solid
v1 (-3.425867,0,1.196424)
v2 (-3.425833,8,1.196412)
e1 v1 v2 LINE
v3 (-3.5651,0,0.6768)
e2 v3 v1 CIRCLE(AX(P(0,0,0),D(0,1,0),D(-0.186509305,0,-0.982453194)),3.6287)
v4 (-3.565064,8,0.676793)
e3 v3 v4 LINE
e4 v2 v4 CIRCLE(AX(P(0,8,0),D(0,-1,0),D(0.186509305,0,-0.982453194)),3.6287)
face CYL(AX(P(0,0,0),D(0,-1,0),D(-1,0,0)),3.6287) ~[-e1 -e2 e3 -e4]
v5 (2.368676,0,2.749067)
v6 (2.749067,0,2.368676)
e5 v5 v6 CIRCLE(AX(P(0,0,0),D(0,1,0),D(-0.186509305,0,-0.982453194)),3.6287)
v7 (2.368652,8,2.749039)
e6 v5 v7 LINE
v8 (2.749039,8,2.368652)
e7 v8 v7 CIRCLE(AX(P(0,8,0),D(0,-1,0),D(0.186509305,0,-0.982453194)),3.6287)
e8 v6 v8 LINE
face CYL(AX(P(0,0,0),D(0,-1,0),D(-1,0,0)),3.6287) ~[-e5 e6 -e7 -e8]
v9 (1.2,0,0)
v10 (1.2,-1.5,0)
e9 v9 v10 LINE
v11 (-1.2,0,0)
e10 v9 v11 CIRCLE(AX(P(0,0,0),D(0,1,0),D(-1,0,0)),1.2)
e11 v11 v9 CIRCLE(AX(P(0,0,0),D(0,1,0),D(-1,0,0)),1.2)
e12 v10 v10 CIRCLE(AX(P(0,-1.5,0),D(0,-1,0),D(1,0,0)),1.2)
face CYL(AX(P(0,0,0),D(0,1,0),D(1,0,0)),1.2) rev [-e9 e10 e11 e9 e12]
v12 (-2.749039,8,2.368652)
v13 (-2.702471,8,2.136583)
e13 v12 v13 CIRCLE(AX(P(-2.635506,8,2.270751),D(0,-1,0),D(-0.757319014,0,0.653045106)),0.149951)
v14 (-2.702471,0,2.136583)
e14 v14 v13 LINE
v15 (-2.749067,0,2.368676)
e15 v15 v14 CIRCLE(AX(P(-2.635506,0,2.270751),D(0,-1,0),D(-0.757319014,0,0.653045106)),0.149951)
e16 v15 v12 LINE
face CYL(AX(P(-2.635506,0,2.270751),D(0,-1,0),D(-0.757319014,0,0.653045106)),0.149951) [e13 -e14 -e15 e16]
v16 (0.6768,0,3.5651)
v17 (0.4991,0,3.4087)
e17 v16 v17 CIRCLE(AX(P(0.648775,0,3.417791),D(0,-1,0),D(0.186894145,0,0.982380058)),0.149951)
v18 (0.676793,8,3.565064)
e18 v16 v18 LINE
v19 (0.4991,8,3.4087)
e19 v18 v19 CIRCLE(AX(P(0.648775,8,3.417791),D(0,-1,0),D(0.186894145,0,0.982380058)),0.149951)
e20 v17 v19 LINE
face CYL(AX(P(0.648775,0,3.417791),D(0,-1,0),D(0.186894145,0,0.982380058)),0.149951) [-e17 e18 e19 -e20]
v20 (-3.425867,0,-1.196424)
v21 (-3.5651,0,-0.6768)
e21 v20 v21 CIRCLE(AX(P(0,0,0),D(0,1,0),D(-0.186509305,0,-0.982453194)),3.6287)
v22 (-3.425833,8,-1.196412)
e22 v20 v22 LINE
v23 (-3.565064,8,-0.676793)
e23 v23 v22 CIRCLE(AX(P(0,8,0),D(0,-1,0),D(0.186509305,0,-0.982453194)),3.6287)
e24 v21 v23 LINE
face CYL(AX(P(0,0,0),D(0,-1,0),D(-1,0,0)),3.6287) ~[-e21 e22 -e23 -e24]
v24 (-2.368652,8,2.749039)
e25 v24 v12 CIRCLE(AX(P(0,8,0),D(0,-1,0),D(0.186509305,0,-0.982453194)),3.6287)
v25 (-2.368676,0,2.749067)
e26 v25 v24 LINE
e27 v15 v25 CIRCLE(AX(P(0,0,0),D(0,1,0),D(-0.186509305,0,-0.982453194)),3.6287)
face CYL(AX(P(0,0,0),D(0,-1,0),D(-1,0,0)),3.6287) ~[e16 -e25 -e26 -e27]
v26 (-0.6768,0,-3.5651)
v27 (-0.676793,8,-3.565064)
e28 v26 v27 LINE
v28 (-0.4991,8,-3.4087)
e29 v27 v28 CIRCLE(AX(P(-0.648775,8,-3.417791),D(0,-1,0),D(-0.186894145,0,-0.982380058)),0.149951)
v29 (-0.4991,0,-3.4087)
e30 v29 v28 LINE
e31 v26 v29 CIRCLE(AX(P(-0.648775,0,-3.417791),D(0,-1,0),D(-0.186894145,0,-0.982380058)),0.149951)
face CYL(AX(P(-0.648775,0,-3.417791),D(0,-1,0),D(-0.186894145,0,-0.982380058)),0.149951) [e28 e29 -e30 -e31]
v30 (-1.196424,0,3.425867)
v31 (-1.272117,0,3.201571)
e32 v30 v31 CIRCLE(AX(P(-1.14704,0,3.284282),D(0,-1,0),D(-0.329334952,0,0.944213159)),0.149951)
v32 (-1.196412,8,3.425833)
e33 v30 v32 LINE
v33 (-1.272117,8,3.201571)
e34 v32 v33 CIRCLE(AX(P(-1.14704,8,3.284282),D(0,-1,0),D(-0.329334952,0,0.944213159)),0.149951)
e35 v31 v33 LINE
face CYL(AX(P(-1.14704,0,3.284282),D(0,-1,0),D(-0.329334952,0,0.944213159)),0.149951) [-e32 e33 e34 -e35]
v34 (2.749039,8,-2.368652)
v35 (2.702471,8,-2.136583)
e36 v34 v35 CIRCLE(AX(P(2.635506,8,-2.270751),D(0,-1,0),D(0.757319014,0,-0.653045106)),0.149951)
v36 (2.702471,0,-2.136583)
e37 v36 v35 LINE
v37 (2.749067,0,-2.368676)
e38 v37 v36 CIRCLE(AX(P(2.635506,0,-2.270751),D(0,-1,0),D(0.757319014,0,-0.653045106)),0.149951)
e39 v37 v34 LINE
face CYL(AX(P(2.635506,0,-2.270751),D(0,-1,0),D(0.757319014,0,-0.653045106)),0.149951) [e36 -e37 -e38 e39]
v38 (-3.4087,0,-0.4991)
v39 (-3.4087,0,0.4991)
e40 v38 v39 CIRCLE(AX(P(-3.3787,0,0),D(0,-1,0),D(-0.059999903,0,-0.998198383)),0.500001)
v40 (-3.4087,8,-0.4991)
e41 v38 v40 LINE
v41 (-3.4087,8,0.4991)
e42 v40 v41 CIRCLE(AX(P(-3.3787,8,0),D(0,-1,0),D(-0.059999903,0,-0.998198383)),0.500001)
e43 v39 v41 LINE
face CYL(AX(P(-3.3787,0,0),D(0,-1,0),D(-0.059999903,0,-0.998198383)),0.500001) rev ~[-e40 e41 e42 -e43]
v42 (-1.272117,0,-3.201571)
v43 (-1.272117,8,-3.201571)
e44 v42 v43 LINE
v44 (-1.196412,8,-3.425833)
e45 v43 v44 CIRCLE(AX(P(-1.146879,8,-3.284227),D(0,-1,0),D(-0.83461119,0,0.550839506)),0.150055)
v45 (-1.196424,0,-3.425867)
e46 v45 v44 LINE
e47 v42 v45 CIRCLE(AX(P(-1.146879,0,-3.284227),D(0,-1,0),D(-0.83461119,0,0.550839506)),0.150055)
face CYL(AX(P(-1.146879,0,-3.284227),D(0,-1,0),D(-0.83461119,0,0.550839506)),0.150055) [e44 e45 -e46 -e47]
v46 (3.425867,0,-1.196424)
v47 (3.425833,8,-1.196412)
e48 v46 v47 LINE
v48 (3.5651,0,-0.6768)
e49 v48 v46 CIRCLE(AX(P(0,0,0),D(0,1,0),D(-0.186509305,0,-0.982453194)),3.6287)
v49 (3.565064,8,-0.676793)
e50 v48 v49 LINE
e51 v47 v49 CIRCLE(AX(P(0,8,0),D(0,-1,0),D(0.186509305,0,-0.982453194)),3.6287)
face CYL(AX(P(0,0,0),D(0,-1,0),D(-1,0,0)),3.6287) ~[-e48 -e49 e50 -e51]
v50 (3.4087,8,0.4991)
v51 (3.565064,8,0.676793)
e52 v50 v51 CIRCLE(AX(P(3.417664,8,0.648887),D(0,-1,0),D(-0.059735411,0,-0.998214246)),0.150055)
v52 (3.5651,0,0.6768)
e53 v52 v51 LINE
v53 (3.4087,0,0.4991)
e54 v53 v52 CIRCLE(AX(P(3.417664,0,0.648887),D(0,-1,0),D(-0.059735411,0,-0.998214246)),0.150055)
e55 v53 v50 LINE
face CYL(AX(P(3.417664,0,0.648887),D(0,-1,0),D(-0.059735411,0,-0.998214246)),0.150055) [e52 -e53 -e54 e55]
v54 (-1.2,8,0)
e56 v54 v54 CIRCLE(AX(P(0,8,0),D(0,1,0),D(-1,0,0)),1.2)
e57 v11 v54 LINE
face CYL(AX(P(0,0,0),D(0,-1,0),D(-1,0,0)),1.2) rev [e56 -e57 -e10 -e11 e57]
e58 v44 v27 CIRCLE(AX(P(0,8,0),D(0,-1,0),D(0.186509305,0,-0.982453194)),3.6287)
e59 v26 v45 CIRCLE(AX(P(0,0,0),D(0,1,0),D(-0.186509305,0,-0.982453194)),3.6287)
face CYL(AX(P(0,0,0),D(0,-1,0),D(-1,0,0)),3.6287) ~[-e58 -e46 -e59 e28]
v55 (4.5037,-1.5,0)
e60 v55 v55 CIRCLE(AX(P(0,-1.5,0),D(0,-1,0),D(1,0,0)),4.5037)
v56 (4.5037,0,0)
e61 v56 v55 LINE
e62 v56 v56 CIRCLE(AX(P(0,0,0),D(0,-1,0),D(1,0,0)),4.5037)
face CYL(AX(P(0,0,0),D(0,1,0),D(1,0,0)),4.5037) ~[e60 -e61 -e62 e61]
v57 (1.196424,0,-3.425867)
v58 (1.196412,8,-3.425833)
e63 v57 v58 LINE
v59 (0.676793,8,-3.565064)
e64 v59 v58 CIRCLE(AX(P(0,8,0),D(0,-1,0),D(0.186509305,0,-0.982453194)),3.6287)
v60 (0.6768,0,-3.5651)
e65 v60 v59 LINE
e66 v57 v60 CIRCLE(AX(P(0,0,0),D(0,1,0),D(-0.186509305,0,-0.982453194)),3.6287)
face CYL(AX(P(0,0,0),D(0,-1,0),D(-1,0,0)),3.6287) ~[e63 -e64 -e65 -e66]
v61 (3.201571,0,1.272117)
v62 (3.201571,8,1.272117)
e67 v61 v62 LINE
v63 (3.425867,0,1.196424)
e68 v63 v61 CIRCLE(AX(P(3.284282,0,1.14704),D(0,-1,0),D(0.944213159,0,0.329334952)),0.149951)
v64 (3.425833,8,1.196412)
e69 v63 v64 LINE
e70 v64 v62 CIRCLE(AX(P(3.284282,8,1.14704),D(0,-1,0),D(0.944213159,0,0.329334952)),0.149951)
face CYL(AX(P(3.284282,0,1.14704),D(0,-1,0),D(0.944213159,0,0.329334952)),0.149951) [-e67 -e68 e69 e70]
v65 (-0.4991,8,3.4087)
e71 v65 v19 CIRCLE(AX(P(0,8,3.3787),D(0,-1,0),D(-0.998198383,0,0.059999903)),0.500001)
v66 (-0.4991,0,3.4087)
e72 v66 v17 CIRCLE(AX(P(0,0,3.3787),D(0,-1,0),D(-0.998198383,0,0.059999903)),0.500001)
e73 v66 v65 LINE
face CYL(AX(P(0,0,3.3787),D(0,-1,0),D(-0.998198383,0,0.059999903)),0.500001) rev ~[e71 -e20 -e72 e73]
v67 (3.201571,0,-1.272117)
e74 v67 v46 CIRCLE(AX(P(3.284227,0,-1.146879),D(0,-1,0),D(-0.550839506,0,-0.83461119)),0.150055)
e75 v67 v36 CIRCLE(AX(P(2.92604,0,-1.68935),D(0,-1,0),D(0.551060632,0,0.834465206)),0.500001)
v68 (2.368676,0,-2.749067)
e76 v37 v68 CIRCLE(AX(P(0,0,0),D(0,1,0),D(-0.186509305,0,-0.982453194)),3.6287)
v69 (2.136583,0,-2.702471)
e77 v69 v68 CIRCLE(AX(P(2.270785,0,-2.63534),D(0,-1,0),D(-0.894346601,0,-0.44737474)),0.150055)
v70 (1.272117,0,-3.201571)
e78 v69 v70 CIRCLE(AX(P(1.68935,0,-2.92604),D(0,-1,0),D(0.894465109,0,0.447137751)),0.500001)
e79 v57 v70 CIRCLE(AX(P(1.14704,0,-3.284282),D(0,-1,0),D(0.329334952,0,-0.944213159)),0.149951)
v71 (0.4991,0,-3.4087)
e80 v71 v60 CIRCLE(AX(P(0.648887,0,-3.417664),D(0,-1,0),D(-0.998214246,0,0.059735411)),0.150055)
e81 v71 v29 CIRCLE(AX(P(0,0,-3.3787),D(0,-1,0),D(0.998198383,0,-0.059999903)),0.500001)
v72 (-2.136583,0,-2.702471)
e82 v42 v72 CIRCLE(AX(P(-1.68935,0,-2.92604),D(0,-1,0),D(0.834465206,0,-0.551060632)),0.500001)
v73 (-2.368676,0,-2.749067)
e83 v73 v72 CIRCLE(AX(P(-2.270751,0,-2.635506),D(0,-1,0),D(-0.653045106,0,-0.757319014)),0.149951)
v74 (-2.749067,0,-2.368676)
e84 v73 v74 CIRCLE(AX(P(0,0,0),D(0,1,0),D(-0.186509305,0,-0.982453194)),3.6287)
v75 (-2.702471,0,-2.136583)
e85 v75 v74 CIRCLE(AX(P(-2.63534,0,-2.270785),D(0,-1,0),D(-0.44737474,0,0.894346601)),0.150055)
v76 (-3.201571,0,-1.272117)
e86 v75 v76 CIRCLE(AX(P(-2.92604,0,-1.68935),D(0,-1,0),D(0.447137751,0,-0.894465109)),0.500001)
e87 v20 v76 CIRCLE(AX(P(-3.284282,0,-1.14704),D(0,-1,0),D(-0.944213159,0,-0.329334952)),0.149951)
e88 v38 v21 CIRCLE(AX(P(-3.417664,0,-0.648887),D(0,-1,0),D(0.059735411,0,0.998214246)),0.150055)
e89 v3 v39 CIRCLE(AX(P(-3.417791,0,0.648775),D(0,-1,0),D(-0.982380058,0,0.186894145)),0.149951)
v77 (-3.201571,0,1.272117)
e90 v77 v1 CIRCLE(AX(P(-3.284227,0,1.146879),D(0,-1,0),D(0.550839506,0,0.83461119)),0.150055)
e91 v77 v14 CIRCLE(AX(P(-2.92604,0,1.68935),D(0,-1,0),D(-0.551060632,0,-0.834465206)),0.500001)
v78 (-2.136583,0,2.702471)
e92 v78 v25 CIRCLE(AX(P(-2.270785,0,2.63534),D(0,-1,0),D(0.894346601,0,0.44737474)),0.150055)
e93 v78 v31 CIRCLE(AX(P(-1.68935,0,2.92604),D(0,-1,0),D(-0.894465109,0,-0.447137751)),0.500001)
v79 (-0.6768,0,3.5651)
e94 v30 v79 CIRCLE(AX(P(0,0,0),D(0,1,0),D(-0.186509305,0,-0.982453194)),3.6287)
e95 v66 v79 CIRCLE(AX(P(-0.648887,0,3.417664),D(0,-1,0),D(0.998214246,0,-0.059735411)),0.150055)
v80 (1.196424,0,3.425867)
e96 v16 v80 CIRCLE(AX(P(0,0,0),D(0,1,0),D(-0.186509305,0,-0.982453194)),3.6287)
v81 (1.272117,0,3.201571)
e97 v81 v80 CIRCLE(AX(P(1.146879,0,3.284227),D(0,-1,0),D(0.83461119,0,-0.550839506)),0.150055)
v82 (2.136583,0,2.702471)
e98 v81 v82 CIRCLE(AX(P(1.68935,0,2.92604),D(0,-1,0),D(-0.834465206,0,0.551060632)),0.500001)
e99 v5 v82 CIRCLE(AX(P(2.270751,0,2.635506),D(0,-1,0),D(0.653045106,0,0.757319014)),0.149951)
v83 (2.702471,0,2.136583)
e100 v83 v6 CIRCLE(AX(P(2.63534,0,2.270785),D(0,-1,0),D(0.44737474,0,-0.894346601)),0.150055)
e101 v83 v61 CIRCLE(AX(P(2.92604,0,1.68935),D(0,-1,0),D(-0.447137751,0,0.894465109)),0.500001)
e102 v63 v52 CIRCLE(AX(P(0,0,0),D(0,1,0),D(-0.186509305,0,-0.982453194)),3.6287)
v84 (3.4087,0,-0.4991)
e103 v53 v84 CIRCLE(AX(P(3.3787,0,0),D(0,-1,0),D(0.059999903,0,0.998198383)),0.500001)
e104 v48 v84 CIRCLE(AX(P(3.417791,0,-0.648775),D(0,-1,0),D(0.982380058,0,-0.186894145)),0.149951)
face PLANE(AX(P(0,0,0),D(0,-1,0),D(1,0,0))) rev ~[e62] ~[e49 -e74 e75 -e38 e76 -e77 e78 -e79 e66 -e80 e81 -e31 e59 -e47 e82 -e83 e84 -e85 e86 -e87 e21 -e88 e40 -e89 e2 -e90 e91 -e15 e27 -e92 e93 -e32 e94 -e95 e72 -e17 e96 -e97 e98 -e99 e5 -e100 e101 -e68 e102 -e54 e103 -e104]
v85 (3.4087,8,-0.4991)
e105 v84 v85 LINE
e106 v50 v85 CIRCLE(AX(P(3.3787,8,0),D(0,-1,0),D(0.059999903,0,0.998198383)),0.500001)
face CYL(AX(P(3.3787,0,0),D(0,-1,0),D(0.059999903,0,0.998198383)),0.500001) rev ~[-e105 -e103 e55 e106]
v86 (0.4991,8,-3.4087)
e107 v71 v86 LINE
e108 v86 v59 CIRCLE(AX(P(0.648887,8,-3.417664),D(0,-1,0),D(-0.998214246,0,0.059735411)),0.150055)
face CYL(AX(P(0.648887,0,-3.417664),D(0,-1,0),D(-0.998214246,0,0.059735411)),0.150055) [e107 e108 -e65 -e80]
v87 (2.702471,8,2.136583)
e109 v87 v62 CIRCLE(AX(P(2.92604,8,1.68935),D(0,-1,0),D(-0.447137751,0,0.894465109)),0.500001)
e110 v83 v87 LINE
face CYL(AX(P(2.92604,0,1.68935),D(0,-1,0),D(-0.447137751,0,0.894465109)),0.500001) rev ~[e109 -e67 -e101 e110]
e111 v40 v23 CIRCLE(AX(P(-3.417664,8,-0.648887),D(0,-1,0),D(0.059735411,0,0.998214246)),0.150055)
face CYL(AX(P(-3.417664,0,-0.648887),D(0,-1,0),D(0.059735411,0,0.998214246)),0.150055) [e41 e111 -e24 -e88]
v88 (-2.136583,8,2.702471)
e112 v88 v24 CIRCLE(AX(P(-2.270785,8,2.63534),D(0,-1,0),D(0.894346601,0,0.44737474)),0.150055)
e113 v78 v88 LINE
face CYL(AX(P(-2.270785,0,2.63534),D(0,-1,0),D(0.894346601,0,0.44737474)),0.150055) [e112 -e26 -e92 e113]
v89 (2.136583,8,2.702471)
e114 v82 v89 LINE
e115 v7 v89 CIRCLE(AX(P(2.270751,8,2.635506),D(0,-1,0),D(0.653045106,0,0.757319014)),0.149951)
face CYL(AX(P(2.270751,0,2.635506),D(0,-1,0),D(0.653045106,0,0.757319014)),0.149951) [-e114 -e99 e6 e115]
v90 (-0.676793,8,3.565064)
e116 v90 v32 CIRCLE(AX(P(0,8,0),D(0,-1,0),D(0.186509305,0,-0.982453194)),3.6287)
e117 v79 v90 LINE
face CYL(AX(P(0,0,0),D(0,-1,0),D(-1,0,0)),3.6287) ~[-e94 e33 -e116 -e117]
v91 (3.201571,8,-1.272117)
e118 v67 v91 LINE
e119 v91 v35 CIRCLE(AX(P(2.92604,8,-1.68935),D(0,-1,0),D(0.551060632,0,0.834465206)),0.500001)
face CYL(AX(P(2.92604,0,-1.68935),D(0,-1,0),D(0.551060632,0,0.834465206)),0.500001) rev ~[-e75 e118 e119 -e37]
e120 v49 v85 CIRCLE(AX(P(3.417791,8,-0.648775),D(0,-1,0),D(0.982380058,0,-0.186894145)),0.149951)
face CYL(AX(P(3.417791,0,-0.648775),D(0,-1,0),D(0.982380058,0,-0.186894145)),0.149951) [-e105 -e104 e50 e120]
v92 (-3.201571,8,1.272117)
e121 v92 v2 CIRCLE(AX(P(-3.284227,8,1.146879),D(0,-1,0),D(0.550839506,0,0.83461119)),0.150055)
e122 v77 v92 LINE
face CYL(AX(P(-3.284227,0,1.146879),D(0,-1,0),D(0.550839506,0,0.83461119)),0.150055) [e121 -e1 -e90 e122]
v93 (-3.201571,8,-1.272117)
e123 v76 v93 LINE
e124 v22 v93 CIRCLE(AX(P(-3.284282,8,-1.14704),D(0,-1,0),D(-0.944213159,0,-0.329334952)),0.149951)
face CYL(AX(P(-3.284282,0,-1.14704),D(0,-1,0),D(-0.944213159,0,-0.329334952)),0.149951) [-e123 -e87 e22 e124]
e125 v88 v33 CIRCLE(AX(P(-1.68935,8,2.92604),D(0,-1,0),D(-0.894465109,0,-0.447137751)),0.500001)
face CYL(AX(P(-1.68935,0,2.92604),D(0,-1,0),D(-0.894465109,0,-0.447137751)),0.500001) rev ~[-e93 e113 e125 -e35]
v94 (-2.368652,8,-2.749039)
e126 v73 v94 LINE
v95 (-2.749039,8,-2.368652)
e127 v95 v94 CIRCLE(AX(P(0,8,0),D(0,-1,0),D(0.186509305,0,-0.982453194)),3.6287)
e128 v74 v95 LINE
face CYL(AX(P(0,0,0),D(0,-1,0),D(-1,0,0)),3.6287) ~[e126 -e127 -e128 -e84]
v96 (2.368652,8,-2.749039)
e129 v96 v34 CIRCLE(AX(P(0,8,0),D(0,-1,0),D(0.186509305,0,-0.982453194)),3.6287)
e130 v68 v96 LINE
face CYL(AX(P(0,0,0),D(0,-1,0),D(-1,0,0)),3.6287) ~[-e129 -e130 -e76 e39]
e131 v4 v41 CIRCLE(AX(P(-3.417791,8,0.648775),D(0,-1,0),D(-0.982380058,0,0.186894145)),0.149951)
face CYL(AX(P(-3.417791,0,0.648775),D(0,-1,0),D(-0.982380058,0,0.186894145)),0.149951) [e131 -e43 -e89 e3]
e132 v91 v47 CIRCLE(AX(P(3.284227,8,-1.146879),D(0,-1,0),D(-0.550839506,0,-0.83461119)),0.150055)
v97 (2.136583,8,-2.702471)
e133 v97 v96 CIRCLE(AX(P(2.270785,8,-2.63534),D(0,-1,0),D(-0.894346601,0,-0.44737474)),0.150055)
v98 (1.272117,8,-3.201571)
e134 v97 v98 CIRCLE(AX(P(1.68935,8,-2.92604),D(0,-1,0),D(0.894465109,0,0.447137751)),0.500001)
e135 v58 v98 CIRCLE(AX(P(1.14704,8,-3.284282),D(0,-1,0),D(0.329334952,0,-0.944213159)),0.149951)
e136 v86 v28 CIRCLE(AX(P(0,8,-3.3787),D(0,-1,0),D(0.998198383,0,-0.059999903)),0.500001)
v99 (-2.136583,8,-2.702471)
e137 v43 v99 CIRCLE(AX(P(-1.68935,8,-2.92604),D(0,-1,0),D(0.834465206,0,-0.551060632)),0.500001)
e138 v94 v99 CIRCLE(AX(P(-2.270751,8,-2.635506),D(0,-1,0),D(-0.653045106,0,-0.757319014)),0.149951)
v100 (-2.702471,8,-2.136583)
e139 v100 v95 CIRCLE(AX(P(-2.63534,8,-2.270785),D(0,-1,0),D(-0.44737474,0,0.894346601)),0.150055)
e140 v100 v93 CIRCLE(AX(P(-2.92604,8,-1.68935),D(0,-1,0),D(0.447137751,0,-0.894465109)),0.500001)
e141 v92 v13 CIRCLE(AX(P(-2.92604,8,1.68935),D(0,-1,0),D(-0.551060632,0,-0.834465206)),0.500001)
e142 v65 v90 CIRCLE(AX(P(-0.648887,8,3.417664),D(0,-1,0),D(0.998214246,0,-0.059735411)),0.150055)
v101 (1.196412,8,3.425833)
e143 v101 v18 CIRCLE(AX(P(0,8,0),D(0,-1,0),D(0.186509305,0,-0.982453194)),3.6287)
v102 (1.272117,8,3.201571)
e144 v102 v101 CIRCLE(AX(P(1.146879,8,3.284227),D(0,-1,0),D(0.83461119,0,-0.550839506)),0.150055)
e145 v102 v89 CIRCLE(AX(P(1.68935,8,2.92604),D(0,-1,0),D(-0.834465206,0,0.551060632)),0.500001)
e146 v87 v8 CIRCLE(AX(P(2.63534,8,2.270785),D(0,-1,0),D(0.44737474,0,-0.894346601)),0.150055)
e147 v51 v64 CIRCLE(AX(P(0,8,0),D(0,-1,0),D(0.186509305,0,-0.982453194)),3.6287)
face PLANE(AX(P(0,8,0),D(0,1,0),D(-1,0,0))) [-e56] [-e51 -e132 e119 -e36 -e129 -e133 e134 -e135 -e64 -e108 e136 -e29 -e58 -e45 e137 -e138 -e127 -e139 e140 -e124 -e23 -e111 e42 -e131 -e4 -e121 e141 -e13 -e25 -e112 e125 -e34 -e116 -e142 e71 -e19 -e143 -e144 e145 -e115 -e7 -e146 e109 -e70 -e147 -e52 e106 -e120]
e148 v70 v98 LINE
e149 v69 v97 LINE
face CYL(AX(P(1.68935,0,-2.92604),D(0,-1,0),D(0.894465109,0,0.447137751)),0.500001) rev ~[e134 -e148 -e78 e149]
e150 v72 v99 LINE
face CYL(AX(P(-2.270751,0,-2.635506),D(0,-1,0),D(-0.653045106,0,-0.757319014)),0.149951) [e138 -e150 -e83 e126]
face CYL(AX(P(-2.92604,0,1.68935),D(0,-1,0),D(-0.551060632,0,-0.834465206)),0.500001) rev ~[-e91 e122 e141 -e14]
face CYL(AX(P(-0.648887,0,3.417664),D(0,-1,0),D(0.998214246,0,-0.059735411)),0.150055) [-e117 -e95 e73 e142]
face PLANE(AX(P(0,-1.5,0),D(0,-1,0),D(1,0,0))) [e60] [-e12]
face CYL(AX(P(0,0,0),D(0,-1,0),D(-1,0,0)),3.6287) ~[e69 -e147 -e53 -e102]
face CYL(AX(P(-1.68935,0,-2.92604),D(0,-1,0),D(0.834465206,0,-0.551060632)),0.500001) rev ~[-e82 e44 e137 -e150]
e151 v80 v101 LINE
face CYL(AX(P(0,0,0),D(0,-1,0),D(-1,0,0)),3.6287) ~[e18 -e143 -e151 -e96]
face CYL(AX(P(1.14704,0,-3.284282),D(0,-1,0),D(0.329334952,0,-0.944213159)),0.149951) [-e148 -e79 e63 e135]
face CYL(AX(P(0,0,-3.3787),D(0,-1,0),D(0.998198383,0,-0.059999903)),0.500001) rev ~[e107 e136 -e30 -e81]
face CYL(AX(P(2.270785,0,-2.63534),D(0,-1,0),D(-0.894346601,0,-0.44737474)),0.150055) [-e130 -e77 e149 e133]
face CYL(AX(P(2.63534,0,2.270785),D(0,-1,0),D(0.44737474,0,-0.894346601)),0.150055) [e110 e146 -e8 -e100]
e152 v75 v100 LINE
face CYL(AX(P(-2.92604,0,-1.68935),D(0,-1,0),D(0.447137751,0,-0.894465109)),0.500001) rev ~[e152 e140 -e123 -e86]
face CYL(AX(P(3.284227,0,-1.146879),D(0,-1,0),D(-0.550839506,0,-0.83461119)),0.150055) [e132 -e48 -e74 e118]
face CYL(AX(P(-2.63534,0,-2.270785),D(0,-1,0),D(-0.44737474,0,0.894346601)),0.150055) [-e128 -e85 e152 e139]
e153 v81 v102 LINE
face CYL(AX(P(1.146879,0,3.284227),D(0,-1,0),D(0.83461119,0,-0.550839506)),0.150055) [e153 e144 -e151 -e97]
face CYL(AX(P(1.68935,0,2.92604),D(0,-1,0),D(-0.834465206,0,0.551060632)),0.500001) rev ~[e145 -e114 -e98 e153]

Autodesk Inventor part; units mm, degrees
ref_plane "YZ Plane" through (0, 0, 0) normal (1, 0, 0) x (0, 1, 0)
ref_plane "XZ Plane" through (0, 0, 0) normal (0, 1, 0) x (-1, 0, 0)
ref_plane "XY Plane" through (0, 0, 0) normal (0, 0, 1) x (1, 0, 0)
sketch "Sketch1" plane through (0, 0, 0) normal (0, 1, 0) x (-1, 0, 0)
  circle A0 centre (0, 0) radius 1.2
  circle A1 centre (0, 0) radius 3.6287
  dimension "BoreD" = 2.4
  dimension "OuterD" = 7.2575
extrude "Extrusion1" add sketch "Sketch1" along normal blind 8
sketch "Sketch2" plane through (0, 0, 0) normal (0, -1, 0) x (1, 0, 0)
  circle A0 centre (0, 0) radius 3.6287 projected
  arc A1 (0.4991, -3.4087) -> (0.6768, -3.5651) centre (0.6488, -3.4177) ccw
  arc A2 (0.4991, -3.4087) -> (-0.4991, -3.4087) centre (0, -3.3787) ccw
  arc A3 (-0.6768, -3.5651) -> (-0.4991, -3.4087) centre (-0.6488, -3.4177) ccw
  point P0 (0, -3.6287)
  dimension "d9" = 0.5
  dimension "d10" = 0.15
  dimension "Depth" = 0.25
extrude "Extrusion2" cut sketch "Sketch2" against normal up to next contours A3 A2 A1 A0 picked at (0, -3.374)
pattern_circular "Circular Pattern1" count 12 over 360 about axis through (0, -10, 0) along (0, 1, 0) of "Extrusion2"
sketch "Sketch3" plane through (0, 0, 0) normal (0, -1, 0) x (1, 0, 0)
  circle A0 centre (0, 0) radius 4.5037
  circle A1 centre (0, 0) radius 1.2
  dimension "FaceD" = 9.0075
  dimension "d18" = 2.4
extrude "Extrusion3" add sketch "Sketch3" along normal blind 1.5
equation "\"OuterD\" = 0.604789 * Teeth"
equation "\"Depth\" = Pitch"
equation "\"d18\" = BoreD"
equation "\"BeltWidth\" = 7"
equation "\"Pitch\" = 0.25"
equation "\"Teeth\" = 12"
properties part number "GT2 Gear Pinion"
